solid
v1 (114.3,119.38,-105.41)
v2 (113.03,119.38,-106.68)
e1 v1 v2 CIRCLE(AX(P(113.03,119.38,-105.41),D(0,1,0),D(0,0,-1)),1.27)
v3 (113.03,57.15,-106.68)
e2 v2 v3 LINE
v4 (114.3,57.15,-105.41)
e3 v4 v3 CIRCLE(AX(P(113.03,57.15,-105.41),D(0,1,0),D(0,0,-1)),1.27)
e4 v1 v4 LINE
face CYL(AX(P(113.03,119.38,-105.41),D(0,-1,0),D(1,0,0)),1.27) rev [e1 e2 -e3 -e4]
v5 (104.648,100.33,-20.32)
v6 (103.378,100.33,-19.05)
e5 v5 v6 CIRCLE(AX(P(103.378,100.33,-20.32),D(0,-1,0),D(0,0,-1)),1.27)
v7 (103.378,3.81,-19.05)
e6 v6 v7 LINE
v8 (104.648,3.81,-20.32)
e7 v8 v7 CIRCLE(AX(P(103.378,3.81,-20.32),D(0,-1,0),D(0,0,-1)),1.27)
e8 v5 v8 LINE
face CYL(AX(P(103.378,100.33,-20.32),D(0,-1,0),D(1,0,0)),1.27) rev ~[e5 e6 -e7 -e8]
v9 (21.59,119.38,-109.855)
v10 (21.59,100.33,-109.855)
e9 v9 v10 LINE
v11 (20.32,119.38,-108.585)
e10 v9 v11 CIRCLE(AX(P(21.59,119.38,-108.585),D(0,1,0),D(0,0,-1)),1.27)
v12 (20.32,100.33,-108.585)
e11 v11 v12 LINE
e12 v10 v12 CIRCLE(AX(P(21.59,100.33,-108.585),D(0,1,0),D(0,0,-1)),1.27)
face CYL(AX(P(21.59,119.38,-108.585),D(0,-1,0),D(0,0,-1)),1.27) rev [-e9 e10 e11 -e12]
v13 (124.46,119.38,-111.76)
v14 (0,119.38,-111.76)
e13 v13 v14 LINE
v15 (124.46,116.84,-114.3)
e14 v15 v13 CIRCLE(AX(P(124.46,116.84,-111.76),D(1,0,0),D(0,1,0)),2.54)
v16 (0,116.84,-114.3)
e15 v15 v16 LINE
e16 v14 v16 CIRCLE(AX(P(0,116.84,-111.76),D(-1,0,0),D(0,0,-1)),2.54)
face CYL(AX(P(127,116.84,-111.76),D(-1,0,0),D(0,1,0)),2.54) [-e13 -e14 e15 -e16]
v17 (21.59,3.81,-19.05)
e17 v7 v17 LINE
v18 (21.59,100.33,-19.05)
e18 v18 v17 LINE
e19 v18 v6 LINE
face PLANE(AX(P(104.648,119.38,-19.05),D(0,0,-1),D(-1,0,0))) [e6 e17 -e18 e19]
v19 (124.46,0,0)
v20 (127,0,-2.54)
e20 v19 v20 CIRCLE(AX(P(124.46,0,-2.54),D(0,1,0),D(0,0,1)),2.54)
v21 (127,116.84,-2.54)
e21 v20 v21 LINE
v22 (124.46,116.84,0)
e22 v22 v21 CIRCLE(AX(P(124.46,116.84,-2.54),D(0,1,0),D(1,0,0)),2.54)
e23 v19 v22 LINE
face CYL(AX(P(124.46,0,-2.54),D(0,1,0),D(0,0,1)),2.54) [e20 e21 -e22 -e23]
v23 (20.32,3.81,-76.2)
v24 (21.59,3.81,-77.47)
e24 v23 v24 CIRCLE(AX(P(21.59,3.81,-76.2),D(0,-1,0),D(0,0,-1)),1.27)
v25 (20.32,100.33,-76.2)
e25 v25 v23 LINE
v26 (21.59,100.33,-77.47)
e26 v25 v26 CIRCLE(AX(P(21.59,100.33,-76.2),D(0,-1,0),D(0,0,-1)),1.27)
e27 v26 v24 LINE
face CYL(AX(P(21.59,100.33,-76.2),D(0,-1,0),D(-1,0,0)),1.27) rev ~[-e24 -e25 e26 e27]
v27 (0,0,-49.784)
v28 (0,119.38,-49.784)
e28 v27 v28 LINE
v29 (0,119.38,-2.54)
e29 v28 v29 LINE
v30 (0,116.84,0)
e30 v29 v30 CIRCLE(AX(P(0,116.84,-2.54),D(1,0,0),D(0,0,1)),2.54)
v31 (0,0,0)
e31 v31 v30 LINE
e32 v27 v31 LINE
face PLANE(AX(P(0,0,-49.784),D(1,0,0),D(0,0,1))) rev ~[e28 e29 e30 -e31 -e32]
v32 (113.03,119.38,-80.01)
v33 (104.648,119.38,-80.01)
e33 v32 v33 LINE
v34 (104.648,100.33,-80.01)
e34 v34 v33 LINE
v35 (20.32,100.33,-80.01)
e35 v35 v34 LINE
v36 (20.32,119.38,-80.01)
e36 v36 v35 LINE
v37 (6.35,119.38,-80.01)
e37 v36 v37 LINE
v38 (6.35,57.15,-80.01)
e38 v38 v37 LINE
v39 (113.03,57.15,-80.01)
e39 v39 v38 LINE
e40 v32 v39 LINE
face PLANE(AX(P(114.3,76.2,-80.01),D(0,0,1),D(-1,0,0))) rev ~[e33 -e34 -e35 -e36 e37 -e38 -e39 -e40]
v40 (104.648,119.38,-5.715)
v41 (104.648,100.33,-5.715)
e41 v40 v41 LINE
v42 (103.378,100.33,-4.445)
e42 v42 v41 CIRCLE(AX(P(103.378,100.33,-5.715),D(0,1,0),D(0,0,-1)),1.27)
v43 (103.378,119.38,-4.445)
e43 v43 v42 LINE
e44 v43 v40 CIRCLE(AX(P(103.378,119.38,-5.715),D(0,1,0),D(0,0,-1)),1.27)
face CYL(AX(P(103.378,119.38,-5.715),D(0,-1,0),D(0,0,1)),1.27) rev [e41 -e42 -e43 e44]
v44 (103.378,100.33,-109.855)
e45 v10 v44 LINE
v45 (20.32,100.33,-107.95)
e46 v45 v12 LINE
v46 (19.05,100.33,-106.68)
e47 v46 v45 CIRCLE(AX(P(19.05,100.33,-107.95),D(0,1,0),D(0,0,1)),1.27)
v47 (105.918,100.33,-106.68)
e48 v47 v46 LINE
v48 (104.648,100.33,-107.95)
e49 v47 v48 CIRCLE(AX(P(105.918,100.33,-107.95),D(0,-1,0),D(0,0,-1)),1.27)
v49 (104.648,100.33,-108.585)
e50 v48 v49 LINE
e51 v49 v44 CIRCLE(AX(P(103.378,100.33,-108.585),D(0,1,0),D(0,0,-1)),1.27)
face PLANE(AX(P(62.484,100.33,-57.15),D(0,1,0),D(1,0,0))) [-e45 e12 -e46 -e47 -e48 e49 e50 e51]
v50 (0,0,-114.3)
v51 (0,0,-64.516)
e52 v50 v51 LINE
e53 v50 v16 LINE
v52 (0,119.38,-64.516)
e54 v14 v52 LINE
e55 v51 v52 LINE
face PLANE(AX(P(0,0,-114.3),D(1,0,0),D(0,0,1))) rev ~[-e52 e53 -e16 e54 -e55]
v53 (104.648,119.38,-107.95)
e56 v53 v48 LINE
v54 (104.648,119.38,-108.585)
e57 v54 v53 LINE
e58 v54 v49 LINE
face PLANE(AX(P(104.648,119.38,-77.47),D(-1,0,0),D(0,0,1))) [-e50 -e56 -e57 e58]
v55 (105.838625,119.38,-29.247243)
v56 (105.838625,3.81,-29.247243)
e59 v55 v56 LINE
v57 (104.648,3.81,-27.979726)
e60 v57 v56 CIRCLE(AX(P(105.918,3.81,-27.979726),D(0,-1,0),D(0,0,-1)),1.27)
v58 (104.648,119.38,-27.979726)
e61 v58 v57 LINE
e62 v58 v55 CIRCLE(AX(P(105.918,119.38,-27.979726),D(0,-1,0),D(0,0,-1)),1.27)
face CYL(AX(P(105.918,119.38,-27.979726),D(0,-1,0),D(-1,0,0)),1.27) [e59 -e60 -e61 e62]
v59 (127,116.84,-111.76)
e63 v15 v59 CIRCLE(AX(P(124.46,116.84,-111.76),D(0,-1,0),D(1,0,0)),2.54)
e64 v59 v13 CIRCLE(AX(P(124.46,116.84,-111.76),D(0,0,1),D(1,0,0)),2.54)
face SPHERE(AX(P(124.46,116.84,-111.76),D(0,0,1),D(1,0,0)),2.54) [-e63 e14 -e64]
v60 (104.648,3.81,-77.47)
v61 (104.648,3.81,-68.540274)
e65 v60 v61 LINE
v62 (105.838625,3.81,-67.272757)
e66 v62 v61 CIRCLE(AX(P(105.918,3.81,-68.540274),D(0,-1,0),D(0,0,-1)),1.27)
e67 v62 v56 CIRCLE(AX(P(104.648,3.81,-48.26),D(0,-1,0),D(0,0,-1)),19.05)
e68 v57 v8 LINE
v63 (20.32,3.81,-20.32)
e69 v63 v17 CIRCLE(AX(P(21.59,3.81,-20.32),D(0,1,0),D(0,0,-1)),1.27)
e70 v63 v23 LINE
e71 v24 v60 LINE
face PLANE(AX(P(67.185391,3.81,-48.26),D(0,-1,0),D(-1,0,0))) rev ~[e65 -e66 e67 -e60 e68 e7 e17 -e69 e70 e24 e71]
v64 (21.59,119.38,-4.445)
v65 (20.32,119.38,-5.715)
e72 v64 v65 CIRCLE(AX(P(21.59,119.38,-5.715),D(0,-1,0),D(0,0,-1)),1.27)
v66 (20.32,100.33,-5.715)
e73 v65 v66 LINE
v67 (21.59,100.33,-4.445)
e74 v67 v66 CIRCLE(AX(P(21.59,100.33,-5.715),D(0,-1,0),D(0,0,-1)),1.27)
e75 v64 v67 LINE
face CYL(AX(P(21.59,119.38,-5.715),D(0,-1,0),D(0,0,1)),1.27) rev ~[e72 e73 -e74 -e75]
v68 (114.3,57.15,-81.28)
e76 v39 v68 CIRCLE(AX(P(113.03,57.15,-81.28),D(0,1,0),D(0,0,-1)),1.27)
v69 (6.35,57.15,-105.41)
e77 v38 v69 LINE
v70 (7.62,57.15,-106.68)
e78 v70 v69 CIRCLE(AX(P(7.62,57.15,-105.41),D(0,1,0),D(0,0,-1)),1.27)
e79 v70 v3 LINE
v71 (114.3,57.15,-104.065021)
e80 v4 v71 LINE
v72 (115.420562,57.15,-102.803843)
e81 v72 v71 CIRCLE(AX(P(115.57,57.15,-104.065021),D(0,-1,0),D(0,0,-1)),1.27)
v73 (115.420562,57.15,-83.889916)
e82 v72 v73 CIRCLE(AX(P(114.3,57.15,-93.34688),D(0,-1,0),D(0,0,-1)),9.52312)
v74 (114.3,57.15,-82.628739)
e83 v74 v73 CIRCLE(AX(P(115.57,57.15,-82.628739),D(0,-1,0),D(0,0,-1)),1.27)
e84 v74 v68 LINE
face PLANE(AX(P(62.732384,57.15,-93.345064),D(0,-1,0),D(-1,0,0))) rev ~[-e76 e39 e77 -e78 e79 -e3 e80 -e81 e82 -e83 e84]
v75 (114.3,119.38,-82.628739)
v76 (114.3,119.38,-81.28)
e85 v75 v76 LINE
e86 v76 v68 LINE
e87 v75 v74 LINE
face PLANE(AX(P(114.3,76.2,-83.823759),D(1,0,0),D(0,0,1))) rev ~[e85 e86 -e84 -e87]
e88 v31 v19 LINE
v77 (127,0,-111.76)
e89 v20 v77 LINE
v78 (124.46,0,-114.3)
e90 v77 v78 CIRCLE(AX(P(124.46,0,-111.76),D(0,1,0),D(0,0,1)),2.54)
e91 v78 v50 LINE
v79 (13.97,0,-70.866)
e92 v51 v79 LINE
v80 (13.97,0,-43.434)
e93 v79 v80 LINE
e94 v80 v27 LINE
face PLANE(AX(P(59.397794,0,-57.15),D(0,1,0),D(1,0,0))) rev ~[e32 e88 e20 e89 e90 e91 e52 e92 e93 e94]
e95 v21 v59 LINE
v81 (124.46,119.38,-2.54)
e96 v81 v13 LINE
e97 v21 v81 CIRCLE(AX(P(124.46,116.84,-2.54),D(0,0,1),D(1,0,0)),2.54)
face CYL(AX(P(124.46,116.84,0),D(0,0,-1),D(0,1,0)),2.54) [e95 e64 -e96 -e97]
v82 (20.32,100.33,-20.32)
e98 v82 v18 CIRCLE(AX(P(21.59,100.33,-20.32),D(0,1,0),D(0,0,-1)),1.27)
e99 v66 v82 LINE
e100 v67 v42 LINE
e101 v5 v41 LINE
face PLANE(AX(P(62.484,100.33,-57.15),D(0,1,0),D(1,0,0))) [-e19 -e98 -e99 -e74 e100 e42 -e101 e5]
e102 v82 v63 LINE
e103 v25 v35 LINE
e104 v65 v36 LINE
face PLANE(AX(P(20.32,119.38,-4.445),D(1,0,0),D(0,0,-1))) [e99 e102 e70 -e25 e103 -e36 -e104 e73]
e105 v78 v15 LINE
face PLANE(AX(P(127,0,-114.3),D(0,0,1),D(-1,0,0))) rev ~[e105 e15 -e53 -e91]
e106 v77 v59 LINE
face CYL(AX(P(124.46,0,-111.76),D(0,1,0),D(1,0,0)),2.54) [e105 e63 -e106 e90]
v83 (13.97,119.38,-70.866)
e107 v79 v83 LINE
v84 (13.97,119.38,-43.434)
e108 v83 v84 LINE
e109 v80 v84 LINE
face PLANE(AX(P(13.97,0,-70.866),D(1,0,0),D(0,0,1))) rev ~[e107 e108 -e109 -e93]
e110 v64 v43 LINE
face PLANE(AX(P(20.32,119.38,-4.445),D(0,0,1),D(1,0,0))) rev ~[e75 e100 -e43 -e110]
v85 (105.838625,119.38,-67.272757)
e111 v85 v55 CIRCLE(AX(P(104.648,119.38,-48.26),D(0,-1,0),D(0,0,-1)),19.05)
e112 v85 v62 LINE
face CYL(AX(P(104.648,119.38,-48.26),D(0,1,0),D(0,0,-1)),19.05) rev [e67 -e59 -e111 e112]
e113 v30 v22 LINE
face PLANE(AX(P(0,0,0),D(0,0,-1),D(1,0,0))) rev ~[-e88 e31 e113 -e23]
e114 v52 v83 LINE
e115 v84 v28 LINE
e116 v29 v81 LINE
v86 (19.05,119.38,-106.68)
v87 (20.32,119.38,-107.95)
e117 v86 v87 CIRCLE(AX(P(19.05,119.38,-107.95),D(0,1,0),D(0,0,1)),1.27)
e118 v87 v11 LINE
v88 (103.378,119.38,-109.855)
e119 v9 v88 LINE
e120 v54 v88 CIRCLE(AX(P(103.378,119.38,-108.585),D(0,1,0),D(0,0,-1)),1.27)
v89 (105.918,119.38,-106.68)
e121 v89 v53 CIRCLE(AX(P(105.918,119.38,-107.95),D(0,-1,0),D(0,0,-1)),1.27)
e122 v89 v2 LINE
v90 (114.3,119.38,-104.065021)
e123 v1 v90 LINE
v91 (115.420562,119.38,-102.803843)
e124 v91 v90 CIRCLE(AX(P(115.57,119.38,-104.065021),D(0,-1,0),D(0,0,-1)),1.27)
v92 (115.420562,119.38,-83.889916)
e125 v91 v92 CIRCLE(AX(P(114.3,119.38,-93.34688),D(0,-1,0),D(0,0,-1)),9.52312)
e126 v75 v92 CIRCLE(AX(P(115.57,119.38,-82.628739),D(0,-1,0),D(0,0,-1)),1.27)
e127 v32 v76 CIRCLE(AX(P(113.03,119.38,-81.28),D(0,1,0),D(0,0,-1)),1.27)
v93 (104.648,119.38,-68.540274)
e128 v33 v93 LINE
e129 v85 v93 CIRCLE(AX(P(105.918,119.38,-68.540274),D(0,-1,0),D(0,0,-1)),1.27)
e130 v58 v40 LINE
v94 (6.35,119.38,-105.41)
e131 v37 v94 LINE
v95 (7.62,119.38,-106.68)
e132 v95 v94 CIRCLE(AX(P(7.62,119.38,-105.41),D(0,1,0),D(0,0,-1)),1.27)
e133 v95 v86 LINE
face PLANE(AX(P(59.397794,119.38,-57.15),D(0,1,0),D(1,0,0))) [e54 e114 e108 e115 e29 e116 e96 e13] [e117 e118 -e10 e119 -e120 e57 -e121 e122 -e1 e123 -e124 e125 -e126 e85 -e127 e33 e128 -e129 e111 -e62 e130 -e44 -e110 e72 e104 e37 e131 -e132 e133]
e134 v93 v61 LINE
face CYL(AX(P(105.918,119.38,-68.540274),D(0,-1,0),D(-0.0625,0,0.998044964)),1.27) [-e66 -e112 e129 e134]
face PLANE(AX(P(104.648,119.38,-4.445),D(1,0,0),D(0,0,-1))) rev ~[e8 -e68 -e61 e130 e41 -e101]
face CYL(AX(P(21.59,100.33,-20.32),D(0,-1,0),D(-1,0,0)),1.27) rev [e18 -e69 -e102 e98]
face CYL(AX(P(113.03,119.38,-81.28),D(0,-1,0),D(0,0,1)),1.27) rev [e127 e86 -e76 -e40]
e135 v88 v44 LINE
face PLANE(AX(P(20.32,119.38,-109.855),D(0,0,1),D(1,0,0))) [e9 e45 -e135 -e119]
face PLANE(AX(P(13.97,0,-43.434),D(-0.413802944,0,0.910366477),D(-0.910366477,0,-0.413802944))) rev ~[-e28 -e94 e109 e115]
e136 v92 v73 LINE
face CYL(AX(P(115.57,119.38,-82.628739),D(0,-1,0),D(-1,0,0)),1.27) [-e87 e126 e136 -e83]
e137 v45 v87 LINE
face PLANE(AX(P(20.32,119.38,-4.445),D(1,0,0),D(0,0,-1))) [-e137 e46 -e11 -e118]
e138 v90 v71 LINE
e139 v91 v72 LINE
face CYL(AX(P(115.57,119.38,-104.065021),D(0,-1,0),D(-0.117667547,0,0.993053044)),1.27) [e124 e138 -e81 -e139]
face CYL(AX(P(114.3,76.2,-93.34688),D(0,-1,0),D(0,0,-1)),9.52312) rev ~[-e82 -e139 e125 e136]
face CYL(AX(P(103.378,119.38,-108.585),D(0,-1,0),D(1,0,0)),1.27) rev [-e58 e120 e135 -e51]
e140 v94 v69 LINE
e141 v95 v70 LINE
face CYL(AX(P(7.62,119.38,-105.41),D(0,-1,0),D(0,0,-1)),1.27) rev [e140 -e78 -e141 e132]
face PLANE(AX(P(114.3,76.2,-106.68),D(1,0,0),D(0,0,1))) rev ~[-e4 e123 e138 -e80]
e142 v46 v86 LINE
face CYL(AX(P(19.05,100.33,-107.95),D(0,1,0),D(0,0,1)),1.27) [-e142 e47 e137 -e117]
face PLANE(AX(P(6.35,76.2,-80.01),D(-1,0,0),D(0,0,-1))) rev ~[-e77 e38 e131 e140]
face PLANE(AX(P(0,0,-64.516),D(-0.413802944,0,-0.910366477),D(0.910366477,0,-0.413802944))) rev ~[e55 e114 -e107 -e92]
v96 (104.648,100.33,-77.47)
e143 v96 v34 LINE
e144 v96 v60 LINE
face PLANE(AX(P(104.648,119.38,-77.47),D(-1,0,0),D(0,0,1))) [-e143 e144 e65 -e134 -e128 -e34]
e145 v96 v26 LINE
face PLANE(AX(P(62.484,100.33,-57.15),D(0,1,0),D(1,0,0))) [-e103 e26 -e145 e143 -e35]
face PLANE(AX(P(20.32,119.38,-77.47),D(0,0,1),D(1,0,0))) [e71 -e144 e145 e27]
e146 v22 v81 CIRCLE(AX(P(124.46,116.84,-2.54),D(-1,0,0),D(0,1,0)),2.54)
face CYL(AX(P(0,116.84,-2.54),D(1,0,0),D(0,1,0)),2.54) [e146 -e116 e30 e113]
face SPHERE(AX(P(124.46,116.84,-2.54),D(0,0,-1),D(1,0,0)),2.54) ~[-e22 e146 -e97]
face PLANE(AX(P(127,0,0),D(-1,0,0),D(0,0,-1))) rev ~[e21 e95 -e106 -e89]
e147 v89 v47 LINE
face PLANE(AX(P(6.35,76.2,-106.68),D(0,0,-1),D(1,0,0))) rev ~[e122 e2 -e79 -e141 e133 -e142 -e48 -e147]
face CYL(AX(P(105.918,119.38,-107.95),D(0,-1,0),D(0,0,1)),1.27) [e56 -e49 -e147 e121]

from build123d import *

# Parameters (mm, degrees)
BOSS_EXTRUDE1_DEPTH = 119.38
CUT_EXTRUDE1_DEPTH  = 115.57
SKETCH5_W           = 84.328
SKETCH5_H           = 105.41
CUT_EXTRUDE4_DEPTH  = 19.05
CUT_EXTRUDE5_START  = -24.13
CUT_EXTRUDE5_DEPTH  = 43.18
CUT_EXTRUDE6_DEPTH  = 43.18
FILLET2_R           = 2.54
FILLET3_R           = 1.27


with BuildPart() as part:
    # Sketch1 → Boss-Extrude1 (new body)
    with BuildSketch(Plane(origin=(0, 0, 0), x_dir=(1, 0, 0), z_dir=(0, 1, 0))):
        Polygon((0, 64.516), (13.97, 70.866), (13.97, 43.434), (0, 49.784), (0, 0), (127, 0), (127, 114.3), (0, 114.3), align=None)
    extrude(amount=BOSS_EXTRUDE1_DEPTH)

    # Sketch2 → Cut-Extrude1 (cut)
    with BuildSketch(Plane(origin=(0, 119.38, 0), x_dir=(1, 0, 0), z_dir=(0, 1, 0))):
        with BuildLine():
            Line((20.32, 77.47), (104.648, 77.47))
            Line((104.648, 77.47), (104.648, 67.31))
            ThreePointArc((104.648, 67.31), (123.698, 48.26), (104.648, 29.21))
            Line((104.648, 29.21), (104.648, 19.05))
            Line((104.648, 19.05), (20.32, 19.05))
            Line((20.32, 19.05), (20.32, 77.47))
        make_face()
    extrude(amount=-CUT_EXTRUDE1_DEPTH, mode=Mode.SUBTRACT)

    # Sketch5 → Cut-Extrude4 (cut)
    with BuildSketch(Plane(origin=(0, 119.38, 0), x_dir=(1, 0, 0), z_dir=(0, 1, 0))):
        with Locations((62.484, 57.15)):
            Rectangle(SKETCH5_W, SKETCH5_H)
    extrude(amount=-CUT_EXTRUDE4_DEPTH, mode=Mode.SUBTRACT)

    # Sketch6 → Cut-Extrude5 (cut)
    with BuildSketch(Plane(origin=(0, 100.33, 0), x_dir=(1, 0, 0), z_dir=(0, 1, 0)).offset(CUT_EXTRUDE5_START)):
        with BuildLine():
            Line((6.35, 106.68), (114.3, 106.68))
            Line((114.3, 106.68), (114.3, 102.87))
            ThreePointArc((114.3, 102.87), (123.823120388, 93.346879612), (114.3, 83.823759224))
            Line((114.3, 83.823759224), (114.3, 80.01))
            Line((114.3, 80.01), (6.35, 80.01))
            Line((6.35, 80.01), (6.35, 106.68))
        make_face()
    extrude(amount=CUT_EXTRUDE5_DEPTH, mode=Mode.SUBTRACT)

    # Sketch6<2> → Cut-Extrude6 (cut)
    with BuildSketch(Plane(origin=(0, 100.33, 0), x_dir=(1, 0, 0), z_dir=(0, 1, 0))):
        with BuildLine():
            Line((6.35, 106.68), (114.3, 106.68))
            Line((114.3, 106.68), (114.3, 102.87))
            ThreePointArc((114.3, 102.87), (123.823120388, 93.346879612), (114.3, 83.823759224))
            Line((114.3, 83.823759224), (114.3, 80.01))
            Line((114.3, 80.01), (6.35, 80.01))
            Line((6.35, 80.01), (6.35, 106.68))
        make_face()
    extrude(amount=-CUT_EXTRUDE6_DEPTH, mode=Mode.SUBTRACT)

    # Fillet2
    fillet2_edges = [part.edges().sort_by_distance(p)[0] for p in [
        (127, 119.38, -57.15),
        (127, 59.69, -114.3),
        (127, 59.69, 0),
        (63.5, 119.38, -114.3),
        (63.5, 119.38, 0),
    ]]
    fillet(fillet2_edges, radius=FILLET2_R)

    # Fillet3
    fillet3_edges = [part.edges().sort_by_distance(p)[0] for p in [
        (20.32, 52.07, -19.05),
        (20.32, 52.07, -77.47),
        (104.648, 61.595, -67.31),
        (104.648, 61.595, -29.21),
        (104.648, 52.07, -19.05),
        (20.32, 109.855, -4.445),
        (104.648, 109.855, -109.855),
        (20.32, 109.855, -109.855),
        (104.648, 109.855, -4.445),
        (104.648, 109.855, -106.68),
        (6.35, 88.265, -106.68),
        (20.32, 109.855, -106.68),
        (114.3, 88.265, -106.68),
        (114.3, 88.265, -102.87),
        (114.3, 88.265, -83.823759224),
        (114.3, 88.265, -80.01),
    ]]
    fillet(fillet3_edges, radius=FILLET3_R)


solid = part.part
